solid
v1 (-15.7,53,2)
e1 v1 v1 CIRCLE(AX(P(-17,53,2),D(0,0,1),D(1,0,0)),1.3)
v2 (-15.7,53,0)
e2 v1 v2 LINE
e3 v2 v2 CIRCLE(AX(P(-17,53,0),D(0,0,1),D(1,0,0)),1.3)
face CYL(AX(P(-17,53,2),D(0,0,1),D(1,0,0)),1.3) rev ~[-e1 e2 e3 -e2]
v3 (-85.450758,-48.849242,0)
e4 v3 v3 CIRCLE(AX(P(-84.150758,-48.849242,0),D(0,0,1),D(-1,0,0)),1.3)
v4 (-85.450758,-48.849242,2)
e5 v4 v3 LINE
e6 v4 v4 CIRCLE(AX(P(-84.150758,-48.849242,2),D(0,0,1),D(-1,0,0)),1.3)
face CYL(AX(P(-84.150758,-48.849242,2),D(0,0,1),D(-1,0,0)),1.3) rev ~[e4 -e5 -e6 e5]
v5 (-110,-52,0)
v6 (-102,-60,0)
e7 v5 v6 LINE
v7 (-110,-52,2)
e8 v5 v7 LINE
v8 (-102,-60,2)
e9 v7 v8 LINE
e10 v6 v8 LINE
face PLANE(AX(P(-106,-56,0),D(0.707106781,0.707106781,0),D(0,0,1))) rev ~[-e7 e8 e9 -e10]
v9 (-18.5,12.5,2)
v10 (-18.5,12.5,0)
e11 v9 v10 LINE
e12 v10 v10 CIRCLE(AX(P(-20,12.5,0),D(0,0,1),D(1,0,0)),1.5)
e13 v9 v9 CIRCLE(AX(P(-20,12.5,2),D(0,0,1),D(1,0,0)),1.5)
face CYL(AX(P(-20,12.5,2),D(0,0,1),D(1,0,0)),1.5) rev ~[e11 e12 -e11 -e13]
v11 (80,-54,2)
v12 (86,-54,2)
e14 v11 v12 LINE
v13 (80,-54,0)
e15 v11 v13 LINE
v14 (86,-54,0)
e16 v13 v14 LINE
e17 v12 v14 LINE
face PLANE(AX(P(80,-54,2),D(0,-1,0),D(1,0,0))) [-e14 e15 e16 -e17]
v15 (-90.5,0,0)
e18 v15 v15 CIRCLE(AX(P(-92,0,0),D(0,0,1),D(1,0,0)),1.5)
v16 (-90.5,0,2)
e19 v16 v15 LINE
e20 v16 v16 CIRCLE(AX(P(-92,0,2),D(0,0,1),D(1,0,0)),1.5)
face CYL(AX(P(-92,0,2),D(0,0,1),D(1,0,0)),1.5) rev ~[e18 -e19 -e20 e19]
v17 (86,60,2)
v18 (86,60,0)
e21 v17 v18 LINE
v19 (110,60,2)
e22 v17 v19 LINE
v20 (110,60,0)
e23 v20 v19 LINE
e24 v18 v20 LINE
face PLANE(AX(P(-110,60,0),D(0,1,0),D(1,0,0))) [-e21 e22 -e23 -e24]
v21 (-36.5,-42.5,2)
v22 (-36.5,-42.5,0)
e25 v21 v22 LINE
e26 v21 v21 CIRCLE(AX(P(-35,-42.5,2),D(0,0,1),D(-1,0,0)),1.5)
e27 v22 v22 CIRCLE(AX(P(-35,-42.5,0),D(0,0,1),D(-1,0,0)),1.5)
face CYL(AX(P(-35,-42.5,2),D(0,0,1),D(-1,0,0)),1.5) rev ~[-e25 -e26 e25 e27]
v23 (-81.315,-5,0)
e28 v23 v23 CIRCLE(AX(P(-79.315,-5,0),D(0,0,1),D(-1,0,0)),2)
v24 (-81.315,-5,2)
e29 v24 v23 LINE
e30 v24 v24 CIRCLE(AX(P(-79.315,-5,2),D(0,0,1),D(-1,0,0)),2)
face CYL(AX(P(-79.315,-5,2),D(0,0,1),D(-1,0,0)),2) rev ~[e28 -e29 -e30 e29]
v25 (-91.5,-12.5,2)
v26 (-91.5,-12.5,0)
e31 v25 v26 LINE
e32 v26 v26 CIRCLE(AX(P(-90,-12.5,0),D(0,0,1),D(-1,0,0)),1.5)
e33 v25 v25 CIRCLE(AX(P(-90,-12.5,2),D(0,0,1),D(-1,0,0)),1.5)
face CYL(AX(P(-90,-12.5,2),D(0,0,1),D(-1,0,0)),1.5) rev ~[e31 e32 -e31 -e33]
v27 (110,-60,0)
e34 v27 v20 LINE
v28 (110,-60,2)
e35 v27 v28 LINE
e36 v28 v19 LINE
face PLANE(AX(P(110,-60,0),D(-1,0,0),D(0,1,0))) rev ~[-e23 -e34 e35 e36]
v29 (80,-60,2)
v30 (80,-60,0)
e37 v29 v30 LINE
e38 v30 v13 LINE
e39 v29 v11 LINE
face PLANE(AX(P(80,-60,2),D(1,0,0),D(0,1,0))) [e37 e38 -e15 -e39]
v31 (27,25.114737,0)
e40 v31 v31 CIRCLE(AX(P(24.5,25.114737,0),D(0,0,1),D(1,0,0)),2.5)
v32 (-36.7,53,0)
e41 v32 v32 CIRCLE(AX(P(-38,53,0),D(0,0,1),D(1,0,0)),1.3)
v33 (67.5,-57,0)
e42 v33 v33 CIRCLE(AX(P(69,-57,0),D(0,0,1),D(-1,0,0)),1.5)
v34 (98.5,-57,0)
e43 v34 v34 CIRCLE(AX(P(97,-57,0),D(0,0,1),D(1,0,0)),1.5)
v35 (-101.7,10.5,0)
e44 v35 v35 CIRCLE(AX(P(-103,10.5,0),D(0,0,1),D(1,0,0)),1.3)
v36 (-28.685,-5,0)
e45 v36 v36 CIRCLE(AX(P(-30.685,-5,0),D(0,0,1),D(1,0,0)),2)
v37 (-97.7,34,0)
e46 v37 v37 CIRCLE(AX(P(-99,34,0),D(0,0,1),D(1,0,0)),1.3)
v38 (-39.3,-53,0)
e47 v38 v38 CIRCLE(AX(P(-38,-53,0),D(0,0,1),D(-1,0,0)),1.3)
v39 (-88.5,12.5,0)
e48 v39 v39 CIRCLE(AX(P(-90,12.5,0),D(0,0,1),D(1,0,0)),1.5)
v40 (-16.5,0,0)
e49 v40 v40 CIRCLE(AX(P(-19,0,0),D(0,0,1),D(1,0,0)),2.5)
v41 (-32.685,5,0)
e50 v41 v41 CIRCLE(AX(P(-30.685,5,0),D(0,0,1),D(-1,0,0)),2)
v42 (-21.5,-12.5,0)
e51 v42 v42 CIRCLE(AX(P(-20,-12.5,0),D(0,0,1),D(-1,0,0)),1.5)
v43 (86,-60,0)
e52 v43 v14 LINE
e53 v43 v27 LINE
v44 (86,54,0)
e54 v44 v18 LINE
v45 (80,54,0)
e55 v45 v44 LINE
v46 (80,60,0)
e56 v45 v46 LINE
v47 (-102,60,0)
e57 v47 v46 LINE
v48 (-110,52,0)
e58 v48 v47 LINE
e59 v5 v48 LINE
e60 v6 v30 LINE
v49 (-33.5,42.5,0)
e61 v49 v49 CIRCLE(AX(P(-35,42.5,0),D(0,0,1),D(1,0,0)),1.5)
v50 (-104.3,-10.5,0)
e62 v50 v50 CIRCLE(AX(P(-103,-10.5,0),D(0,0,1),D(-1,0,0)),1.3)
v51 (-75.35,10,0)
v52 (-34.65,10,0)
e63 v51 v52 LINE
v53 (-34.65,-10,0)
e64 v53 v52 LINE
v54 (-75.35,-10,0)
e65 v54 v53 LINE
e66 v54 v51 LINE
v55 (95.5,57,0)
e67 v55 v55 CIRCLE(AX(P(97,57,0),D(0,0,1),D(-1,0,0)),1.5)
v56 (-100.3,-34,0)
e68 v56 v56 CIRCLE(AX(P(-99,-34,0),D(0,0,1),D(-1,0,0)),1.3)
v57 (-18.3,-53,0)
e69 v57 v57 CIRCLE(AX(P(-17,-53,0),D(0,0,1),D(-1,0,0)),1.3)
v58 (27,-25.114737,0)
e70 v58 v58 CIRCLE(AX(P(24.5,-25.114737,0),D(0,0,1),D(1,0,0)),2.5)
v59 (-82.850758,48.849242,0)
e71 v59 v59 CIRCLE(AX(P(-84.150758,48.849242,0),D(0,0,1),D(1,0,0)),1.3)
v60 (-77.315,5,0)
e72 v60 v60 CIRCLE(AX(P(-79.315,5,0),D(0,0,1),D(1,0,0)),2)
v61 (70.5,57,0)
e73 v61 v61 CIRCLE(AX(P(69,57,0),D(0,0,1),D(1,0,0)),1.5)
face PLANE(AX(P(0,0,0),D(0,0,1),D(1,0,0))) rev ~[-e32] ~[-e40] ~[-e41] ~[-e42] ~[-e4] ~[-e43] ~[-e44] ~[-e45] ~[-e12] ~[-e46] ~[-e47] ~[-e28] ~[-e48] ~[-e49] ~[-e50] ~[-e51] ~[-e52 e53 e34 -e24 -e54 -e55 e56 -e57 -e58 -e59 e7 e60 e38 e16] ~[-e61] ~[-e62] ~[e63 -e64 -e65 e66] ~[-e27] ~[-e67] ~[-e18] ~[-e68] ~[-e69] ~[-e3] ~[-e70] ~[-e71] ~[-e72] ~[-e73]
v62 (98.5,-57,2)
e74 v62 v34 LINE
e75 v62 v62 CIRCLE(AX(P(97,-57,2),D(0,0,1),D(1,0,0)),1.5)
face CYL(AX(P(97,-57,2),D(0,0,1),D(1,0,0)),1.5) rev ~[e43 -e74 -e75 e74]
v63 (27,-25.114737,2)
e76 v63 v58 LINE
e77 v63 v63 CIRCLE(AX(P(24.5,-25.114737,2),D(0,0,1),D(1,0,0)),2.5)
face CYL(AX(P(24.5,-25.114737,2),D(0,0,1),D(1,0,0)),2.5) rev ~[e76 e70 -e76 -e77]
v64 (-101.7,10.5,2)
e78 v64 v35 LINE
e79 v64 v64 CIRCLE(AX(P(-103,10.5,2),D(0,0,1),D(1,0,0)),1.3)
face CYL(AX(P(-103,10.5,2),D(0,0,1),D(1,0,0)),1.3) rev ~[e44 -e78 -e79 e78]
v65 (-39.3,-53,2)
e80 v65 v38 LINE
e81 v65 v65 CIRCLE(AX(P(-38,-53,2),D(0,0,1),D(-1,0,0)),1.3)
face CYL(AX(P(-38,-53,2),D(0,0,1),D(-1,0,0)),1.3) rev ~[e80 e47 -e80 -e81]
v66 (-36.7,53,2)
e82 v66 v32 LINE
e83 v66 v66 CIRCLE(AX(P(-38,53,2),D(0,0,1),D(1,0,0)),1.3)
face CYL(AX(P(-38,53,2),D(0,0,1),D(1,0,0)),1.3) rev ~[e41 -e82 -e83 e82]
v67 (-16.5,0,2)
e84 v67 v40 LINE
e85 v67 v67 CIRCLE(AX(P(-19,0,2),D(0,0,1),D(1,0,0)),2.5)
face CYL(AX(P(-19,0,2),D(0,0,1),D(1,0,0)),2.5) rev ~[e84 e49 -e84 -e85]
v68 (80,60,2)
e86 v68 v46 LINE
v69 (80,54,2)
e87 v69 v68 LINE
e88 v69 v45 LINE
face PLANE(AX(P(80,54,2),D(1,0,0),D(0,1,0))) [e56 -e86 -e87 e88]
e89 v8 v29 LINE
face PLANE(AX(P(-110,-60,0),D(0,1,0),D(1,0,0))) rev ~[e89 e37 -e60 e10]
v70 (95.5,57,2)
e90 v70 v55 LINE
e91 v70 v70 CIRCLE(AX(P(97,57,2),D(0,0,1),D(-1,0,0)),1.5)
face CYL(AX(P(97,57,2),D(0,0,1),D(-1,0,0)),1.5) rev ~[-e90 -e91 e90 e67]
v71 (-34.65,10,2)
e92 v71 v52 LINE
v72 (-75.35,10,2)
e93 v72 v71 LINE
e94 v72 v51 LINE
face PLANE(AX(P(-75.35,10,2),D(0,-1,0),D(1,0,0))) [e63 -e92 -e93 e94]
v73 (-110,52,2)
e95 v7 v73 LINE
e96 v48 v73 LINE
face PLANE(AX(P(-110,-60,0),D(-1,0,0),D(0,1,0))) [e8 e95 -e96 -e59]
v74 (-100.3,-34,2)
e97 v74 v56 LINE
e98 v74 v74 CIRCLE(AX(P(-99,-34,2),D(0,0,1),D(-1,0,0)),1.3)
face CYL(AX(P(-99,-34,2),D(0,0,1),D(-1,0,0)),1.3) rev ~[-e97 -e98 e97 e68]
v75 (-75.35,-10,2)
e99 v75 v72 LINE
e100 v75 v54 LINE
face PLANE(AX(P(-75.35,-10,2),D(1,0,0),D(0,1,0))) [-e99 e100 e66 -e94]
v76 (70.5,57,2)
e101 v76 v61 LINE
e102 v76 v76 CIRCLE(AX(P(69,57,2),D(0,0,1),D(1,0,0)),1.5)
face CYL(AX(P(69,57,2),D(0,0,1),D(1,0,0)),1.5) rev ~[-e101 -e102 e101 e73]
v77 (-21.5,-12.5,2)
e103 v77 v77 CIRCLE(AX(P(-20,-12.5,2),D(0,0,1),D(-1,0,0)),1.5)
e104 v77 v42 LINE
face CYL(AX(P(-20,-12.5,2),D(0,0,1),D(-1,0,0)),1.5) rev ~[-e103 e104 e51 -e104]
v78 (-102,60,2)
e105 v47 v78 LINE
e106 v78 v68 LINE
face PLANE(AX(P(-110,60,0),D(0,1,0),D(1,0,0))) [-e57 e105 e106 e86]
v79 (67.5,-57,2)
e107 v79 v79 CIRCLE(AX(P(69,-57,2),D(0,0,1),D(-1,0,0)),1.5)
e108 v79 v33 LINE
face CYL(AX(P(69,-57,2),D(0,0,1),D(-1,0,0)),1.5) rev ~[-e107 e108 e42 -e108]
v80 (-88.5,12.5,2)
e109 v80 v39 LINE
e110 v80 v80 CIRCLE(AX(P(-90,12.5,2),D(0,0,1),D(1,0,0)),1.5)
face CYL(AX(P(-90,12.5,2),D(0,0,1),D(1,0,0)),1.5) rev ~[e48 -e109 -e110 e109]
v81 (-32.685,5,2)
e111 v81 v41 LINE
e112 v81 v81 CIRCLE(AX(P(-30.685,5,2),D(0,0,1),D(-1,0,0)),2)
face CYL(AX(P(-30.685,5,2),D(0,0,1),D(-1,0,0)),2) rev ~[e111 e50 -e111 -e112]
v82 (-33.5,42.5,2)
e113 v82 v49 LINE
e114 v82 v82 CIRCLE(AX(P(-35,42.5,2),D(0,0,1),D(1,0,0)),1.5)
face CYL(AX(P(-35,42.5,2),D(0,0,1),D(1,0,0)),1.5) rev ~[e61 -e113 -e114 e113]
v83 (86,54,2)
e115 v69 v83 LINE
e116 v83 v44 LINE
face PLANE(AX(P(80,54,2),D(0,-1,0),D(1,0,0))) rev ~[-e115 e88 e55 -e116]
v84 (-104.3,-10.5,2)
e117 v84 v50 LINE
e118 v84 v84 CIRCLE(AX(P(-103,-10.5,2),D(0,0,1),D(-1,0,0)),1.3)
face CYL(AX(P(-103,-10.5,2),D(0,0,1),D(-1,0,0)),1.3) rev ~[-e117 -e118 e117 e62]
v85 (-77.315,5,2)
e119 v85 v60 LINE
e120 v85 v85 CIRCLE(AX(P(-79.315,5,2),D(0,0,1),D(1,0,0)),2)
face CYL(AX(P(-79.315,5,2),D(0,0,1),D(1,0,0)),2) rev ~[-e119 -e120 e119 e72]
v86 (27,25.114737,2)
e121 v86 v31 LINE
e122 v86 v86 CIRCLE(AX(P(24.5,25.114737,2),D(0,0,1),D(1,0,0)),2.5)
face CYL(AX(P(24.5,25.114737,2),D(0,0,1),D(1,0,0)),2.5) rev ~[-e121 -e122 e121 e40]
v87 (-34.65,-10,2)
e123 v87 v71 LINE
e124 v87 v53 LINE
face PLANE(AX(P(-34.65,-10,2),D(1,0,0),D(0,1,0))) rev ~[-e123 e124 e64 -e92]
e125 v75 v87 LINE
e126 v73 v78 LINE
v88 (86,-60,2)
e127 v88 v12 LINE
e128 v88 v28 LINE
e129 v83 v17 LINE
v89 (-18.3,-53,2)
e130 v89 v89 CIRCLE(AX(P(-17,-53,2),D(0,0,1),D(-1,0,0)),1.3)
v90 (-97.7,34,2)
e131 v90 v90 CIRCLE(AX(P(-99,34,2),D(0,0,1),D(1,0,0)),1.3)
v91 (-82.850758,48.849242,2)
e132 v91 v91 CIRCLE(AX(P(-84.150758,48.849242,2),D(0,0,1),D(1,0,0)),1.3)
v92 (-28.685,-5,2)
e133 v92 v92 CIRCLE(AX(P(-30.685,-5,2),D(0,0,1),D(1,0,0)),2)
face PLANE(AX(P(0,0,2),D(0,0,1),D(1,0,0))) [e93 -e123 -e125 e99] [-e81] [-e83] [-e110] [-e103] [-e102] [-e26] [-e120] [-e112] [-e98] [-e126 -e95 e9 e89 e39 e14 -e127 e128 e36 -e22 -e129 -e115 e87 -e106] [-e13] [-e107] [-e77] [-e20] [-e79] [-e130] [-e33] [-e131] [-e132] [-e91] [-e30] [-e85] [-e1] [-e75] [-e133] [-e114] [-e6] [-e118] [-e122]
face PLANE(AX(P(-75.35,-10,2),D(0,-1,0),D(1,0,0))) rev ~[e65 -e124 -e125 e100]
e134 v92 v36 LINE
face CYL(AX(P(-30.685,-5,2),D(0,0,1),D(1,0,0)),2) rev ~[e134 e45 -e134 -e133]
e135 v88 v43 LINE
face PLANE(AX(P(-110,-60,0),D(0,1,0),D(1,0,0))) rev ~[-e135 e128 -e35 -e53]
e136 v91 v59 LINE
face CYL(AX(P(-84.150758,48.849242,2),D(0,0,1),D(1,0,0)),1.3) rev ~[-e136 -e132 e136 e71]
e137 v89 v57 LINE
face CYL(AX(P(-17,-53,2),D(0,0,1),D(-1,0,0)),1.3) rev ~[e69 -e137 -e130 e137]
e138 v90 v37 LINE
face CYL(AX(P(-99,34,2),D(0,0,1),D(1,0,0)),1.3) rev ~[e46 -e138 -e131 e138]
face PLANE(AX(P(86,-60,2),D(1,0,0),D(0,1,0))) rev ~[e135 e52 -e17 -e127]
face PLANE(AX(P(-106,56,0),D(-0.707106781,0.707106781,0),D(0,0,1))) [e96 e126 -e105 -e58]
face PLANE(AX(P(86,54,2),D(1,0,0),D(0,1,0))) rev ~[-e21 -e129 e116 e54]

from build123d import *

# Parameters (mm, degrees)
SKETCH_5_W           = 220
SKETCH_5_H           = 120
EXTRUDE_2_DEPTH      = 2
SKETCH_6_R           = 2.5
CUT_EXTRUDE_3_DEPTH  = 126.315601583
SKETCH_7_R           = 1.5
SKETCH_7_W           = 6
SKETCH_7_H           = 6
CUT_EXTRUDE_4_DEPTH  = 126.315601583
SKETCH_9_R           = 2
SKETCH_9_W           = 40.7
SKETCH_9_H           = 20
CUT_EXTRUDE_6_DEPTH  = 126.315601583
SKETCH_13_R          = 1.3
CUT_EXTRUDE_10_DEPTH = 126.315601583
CHAMFER_1_SIZE       = 8
SKETCH_15_R          = 1.3
CUT_EXTRUDE_12_DEPTH = 126.315601583
SKETCH_16_R          = 1.3
CUT_EXTRUDE_13_DEPTH = 126.315601583
SKETCH_17_R          = 1.5
CUT_EXTRUDE_14_DEPTH = 126.315601583
SKETCH_19_R          = 1.5
CUT_EXTRUDE_15_DEPTH = 126.315601583


with BuildPart() as part:
    # 草图5 → 凸台-拉伸2 (new body)
    with BuildSketch(Plane.XY):
        Rectangle(SKETCH_5_W, SKETCH_5_H)
    extrude(amount=EXTRUDE_2_DEPTH)

    # 草图6 → 切除-拉伸3 (cut, through all)
    with BuildSketch(Plane.XY.offset(2)):
        with Locations((-19, 0)):
            Circle(SKETCH_6_R)
        with Locations((24.5, 25.11473671)):
            Circle(SKETCH_6_R)
        with Locations((24.5, -25.11473671)):
            Circle(SKETCH_6_R)
    extrude(amount=-CUT_EXTRUDE_3_DEPTH, mode=Mode.SUBTRACT)

    # 草图7 → 切除-拉伸4 (cut, through all)
    with BuildSketch(Plane.XY.offset(2)):
        with Locations((69, 57)):
            Circle(SKETCH_7_R)
        with Locations(Location((97, 57, 0), (0, 0, 180))):
            Circle(SKETCH_7_R)
        with Locations((97, -57)):
            Circle(SKETCH_7_R)
        with Locations(Location((69, -57, 0), (0, 0, 180))):
            Circle(SKETCH_7_R)
        with Locations((83, 57)):
            Rectangle(SKETCH_7_W, SKETCH_7_H)
        with Locations((83, -57)):
            Rectangle(SKETCH_7_W, SKETCH_7_H)
    extrude(amount=-CUT_EXTRUDE_4_DEPTH, mode=Mode.SUBTRACT)

    # 草图9 → 切除-拉伸6 (cut, through all)
    with BuildSketch(Plane.XY.offset(2)):
        with Locations((-79.315, 5)):
            Circle(SKETCH_9_R)
        with Locations(Location((-79.315, -5, 0), (0, 0, 180))):
            Circle(SKETCH_9_R)
        with Locations((-30.685, -5)):
            Circle(SKETCH_9_R)
        with Locations(Location((-30.685, 5, 0), (0, 0, 180))):
            Circle(SKETCH_9_R)
        with Locations((-55, 0)):
            Rectangle(SKETCH_9_W, SKETCH_9_H)
    extrude(amount=-CUT_EXTRUDE_6_DEPTH, mode=Mode.SUBTRACT)

    # 草图13 → 切除-拉伸10 (cut, through all)
    with BuildSketch(Plane.XY.offset(2)):
        with Locations((-103, 10.5)):
            Circle(SKETCH_13_R)
        with Locations(Location((-103, -10.5, 0), (0, 0, 180))):
            Circle(SKETCH_13_R)
    extrude(amount=-CUT_EXTRUDE_10_DEPTH, mode=Mode.SUBTRACT)

    # 倒角1
    chamfer_1_edges = [part.edges().sort_by_distance(p)[0] for p in [
        (-110, -60, 1),
        (-110, 60, 1),
    ]]
    chamfer(chamfer_1_edges, length=CHAMFER_1_SIZE)

    # 草图15 → 切除-拉伸12 (cut, through all)
    with BuildSketch(Plane.XY.offset(2)):
        with Locations((-38, 53)):
            Circle(SKETCH_15_R)
        with Locations(Location((-38, -53, 0), (0, 0, 180))):
            Circle(SKETCH_15_R)
        with Locations((-17, 53)):
            Circle(SKETCH_15_R)
        with Locations(Location((-17, -53, 0), (0, 0, 180))):
            Circle(SKETCH_15_R)
    extrude(amount=-CUT_EXTRUDE_12_DEPTH, mode=Mode.SUBTRACT)

    # 草图16 → 切除-拉伸13 (cut, through all)
    with BuildSketch(Plane.XY.offset(2)):
        with Locations((-99, 34)):
            Circle(SKETCH_16_R)
        with Locations((-84.150757595, 48.849242405)):
            Circle(SKETCH_16_R)
        with Locations(Location((-99, -34, 0), (0, 0, 180))):
            Circle(SKETCH_16_R)
        with Locations(Location((-84.150757595, -48.849242405, 0), (0, 0, 180))):
            Circle(SKETCH_16_R)
    extrude(amount=-CUT_EXTRUDE_13_DEPTH, mode=Mode.SUBTRACT)

    # 草图17 → 切除-拉伸14 (cut, through all)
    with BuildSketch(Plane.XY.offset(2)):
        with Locations((-20, 12.5)):
            Circle(SKETCH_17_R)
        with Locations(Location((-20, -12.5, 0), (0, 0, 180))):
            Circle(SKETCH_17_R)
        with Locations((-90, 12.5)):
            Circle(SKETCH_17_R)
        with Locations(Location((-90, -12.5, 0), (0, 0, 180))):
            Circle(SKETCH_17_R)
    extrude(amount=-CUT_EXTRUDE_14_DEPTH, mode=Mode.SUBTRACT)

    # 草图19 → 切除-拉伸15 (cut, through all)
    with BuildSketch(Plane.XY.offset(2)):
        with Locations((-92, 0)):
            Circle(SKETCH_19_R)
        with Locations((-35, 42.5)):
            Circle(SKETCH_19_R)
        with Locations(Location((-35, -42.5, 0), (0, 0, 180))):
            Circle(SKETCH_19_R)
    extrude(amount=-CUT_EXTRUDE_15_DEPTH, mode=Mode.SUBTRACT)


solid = part.part
